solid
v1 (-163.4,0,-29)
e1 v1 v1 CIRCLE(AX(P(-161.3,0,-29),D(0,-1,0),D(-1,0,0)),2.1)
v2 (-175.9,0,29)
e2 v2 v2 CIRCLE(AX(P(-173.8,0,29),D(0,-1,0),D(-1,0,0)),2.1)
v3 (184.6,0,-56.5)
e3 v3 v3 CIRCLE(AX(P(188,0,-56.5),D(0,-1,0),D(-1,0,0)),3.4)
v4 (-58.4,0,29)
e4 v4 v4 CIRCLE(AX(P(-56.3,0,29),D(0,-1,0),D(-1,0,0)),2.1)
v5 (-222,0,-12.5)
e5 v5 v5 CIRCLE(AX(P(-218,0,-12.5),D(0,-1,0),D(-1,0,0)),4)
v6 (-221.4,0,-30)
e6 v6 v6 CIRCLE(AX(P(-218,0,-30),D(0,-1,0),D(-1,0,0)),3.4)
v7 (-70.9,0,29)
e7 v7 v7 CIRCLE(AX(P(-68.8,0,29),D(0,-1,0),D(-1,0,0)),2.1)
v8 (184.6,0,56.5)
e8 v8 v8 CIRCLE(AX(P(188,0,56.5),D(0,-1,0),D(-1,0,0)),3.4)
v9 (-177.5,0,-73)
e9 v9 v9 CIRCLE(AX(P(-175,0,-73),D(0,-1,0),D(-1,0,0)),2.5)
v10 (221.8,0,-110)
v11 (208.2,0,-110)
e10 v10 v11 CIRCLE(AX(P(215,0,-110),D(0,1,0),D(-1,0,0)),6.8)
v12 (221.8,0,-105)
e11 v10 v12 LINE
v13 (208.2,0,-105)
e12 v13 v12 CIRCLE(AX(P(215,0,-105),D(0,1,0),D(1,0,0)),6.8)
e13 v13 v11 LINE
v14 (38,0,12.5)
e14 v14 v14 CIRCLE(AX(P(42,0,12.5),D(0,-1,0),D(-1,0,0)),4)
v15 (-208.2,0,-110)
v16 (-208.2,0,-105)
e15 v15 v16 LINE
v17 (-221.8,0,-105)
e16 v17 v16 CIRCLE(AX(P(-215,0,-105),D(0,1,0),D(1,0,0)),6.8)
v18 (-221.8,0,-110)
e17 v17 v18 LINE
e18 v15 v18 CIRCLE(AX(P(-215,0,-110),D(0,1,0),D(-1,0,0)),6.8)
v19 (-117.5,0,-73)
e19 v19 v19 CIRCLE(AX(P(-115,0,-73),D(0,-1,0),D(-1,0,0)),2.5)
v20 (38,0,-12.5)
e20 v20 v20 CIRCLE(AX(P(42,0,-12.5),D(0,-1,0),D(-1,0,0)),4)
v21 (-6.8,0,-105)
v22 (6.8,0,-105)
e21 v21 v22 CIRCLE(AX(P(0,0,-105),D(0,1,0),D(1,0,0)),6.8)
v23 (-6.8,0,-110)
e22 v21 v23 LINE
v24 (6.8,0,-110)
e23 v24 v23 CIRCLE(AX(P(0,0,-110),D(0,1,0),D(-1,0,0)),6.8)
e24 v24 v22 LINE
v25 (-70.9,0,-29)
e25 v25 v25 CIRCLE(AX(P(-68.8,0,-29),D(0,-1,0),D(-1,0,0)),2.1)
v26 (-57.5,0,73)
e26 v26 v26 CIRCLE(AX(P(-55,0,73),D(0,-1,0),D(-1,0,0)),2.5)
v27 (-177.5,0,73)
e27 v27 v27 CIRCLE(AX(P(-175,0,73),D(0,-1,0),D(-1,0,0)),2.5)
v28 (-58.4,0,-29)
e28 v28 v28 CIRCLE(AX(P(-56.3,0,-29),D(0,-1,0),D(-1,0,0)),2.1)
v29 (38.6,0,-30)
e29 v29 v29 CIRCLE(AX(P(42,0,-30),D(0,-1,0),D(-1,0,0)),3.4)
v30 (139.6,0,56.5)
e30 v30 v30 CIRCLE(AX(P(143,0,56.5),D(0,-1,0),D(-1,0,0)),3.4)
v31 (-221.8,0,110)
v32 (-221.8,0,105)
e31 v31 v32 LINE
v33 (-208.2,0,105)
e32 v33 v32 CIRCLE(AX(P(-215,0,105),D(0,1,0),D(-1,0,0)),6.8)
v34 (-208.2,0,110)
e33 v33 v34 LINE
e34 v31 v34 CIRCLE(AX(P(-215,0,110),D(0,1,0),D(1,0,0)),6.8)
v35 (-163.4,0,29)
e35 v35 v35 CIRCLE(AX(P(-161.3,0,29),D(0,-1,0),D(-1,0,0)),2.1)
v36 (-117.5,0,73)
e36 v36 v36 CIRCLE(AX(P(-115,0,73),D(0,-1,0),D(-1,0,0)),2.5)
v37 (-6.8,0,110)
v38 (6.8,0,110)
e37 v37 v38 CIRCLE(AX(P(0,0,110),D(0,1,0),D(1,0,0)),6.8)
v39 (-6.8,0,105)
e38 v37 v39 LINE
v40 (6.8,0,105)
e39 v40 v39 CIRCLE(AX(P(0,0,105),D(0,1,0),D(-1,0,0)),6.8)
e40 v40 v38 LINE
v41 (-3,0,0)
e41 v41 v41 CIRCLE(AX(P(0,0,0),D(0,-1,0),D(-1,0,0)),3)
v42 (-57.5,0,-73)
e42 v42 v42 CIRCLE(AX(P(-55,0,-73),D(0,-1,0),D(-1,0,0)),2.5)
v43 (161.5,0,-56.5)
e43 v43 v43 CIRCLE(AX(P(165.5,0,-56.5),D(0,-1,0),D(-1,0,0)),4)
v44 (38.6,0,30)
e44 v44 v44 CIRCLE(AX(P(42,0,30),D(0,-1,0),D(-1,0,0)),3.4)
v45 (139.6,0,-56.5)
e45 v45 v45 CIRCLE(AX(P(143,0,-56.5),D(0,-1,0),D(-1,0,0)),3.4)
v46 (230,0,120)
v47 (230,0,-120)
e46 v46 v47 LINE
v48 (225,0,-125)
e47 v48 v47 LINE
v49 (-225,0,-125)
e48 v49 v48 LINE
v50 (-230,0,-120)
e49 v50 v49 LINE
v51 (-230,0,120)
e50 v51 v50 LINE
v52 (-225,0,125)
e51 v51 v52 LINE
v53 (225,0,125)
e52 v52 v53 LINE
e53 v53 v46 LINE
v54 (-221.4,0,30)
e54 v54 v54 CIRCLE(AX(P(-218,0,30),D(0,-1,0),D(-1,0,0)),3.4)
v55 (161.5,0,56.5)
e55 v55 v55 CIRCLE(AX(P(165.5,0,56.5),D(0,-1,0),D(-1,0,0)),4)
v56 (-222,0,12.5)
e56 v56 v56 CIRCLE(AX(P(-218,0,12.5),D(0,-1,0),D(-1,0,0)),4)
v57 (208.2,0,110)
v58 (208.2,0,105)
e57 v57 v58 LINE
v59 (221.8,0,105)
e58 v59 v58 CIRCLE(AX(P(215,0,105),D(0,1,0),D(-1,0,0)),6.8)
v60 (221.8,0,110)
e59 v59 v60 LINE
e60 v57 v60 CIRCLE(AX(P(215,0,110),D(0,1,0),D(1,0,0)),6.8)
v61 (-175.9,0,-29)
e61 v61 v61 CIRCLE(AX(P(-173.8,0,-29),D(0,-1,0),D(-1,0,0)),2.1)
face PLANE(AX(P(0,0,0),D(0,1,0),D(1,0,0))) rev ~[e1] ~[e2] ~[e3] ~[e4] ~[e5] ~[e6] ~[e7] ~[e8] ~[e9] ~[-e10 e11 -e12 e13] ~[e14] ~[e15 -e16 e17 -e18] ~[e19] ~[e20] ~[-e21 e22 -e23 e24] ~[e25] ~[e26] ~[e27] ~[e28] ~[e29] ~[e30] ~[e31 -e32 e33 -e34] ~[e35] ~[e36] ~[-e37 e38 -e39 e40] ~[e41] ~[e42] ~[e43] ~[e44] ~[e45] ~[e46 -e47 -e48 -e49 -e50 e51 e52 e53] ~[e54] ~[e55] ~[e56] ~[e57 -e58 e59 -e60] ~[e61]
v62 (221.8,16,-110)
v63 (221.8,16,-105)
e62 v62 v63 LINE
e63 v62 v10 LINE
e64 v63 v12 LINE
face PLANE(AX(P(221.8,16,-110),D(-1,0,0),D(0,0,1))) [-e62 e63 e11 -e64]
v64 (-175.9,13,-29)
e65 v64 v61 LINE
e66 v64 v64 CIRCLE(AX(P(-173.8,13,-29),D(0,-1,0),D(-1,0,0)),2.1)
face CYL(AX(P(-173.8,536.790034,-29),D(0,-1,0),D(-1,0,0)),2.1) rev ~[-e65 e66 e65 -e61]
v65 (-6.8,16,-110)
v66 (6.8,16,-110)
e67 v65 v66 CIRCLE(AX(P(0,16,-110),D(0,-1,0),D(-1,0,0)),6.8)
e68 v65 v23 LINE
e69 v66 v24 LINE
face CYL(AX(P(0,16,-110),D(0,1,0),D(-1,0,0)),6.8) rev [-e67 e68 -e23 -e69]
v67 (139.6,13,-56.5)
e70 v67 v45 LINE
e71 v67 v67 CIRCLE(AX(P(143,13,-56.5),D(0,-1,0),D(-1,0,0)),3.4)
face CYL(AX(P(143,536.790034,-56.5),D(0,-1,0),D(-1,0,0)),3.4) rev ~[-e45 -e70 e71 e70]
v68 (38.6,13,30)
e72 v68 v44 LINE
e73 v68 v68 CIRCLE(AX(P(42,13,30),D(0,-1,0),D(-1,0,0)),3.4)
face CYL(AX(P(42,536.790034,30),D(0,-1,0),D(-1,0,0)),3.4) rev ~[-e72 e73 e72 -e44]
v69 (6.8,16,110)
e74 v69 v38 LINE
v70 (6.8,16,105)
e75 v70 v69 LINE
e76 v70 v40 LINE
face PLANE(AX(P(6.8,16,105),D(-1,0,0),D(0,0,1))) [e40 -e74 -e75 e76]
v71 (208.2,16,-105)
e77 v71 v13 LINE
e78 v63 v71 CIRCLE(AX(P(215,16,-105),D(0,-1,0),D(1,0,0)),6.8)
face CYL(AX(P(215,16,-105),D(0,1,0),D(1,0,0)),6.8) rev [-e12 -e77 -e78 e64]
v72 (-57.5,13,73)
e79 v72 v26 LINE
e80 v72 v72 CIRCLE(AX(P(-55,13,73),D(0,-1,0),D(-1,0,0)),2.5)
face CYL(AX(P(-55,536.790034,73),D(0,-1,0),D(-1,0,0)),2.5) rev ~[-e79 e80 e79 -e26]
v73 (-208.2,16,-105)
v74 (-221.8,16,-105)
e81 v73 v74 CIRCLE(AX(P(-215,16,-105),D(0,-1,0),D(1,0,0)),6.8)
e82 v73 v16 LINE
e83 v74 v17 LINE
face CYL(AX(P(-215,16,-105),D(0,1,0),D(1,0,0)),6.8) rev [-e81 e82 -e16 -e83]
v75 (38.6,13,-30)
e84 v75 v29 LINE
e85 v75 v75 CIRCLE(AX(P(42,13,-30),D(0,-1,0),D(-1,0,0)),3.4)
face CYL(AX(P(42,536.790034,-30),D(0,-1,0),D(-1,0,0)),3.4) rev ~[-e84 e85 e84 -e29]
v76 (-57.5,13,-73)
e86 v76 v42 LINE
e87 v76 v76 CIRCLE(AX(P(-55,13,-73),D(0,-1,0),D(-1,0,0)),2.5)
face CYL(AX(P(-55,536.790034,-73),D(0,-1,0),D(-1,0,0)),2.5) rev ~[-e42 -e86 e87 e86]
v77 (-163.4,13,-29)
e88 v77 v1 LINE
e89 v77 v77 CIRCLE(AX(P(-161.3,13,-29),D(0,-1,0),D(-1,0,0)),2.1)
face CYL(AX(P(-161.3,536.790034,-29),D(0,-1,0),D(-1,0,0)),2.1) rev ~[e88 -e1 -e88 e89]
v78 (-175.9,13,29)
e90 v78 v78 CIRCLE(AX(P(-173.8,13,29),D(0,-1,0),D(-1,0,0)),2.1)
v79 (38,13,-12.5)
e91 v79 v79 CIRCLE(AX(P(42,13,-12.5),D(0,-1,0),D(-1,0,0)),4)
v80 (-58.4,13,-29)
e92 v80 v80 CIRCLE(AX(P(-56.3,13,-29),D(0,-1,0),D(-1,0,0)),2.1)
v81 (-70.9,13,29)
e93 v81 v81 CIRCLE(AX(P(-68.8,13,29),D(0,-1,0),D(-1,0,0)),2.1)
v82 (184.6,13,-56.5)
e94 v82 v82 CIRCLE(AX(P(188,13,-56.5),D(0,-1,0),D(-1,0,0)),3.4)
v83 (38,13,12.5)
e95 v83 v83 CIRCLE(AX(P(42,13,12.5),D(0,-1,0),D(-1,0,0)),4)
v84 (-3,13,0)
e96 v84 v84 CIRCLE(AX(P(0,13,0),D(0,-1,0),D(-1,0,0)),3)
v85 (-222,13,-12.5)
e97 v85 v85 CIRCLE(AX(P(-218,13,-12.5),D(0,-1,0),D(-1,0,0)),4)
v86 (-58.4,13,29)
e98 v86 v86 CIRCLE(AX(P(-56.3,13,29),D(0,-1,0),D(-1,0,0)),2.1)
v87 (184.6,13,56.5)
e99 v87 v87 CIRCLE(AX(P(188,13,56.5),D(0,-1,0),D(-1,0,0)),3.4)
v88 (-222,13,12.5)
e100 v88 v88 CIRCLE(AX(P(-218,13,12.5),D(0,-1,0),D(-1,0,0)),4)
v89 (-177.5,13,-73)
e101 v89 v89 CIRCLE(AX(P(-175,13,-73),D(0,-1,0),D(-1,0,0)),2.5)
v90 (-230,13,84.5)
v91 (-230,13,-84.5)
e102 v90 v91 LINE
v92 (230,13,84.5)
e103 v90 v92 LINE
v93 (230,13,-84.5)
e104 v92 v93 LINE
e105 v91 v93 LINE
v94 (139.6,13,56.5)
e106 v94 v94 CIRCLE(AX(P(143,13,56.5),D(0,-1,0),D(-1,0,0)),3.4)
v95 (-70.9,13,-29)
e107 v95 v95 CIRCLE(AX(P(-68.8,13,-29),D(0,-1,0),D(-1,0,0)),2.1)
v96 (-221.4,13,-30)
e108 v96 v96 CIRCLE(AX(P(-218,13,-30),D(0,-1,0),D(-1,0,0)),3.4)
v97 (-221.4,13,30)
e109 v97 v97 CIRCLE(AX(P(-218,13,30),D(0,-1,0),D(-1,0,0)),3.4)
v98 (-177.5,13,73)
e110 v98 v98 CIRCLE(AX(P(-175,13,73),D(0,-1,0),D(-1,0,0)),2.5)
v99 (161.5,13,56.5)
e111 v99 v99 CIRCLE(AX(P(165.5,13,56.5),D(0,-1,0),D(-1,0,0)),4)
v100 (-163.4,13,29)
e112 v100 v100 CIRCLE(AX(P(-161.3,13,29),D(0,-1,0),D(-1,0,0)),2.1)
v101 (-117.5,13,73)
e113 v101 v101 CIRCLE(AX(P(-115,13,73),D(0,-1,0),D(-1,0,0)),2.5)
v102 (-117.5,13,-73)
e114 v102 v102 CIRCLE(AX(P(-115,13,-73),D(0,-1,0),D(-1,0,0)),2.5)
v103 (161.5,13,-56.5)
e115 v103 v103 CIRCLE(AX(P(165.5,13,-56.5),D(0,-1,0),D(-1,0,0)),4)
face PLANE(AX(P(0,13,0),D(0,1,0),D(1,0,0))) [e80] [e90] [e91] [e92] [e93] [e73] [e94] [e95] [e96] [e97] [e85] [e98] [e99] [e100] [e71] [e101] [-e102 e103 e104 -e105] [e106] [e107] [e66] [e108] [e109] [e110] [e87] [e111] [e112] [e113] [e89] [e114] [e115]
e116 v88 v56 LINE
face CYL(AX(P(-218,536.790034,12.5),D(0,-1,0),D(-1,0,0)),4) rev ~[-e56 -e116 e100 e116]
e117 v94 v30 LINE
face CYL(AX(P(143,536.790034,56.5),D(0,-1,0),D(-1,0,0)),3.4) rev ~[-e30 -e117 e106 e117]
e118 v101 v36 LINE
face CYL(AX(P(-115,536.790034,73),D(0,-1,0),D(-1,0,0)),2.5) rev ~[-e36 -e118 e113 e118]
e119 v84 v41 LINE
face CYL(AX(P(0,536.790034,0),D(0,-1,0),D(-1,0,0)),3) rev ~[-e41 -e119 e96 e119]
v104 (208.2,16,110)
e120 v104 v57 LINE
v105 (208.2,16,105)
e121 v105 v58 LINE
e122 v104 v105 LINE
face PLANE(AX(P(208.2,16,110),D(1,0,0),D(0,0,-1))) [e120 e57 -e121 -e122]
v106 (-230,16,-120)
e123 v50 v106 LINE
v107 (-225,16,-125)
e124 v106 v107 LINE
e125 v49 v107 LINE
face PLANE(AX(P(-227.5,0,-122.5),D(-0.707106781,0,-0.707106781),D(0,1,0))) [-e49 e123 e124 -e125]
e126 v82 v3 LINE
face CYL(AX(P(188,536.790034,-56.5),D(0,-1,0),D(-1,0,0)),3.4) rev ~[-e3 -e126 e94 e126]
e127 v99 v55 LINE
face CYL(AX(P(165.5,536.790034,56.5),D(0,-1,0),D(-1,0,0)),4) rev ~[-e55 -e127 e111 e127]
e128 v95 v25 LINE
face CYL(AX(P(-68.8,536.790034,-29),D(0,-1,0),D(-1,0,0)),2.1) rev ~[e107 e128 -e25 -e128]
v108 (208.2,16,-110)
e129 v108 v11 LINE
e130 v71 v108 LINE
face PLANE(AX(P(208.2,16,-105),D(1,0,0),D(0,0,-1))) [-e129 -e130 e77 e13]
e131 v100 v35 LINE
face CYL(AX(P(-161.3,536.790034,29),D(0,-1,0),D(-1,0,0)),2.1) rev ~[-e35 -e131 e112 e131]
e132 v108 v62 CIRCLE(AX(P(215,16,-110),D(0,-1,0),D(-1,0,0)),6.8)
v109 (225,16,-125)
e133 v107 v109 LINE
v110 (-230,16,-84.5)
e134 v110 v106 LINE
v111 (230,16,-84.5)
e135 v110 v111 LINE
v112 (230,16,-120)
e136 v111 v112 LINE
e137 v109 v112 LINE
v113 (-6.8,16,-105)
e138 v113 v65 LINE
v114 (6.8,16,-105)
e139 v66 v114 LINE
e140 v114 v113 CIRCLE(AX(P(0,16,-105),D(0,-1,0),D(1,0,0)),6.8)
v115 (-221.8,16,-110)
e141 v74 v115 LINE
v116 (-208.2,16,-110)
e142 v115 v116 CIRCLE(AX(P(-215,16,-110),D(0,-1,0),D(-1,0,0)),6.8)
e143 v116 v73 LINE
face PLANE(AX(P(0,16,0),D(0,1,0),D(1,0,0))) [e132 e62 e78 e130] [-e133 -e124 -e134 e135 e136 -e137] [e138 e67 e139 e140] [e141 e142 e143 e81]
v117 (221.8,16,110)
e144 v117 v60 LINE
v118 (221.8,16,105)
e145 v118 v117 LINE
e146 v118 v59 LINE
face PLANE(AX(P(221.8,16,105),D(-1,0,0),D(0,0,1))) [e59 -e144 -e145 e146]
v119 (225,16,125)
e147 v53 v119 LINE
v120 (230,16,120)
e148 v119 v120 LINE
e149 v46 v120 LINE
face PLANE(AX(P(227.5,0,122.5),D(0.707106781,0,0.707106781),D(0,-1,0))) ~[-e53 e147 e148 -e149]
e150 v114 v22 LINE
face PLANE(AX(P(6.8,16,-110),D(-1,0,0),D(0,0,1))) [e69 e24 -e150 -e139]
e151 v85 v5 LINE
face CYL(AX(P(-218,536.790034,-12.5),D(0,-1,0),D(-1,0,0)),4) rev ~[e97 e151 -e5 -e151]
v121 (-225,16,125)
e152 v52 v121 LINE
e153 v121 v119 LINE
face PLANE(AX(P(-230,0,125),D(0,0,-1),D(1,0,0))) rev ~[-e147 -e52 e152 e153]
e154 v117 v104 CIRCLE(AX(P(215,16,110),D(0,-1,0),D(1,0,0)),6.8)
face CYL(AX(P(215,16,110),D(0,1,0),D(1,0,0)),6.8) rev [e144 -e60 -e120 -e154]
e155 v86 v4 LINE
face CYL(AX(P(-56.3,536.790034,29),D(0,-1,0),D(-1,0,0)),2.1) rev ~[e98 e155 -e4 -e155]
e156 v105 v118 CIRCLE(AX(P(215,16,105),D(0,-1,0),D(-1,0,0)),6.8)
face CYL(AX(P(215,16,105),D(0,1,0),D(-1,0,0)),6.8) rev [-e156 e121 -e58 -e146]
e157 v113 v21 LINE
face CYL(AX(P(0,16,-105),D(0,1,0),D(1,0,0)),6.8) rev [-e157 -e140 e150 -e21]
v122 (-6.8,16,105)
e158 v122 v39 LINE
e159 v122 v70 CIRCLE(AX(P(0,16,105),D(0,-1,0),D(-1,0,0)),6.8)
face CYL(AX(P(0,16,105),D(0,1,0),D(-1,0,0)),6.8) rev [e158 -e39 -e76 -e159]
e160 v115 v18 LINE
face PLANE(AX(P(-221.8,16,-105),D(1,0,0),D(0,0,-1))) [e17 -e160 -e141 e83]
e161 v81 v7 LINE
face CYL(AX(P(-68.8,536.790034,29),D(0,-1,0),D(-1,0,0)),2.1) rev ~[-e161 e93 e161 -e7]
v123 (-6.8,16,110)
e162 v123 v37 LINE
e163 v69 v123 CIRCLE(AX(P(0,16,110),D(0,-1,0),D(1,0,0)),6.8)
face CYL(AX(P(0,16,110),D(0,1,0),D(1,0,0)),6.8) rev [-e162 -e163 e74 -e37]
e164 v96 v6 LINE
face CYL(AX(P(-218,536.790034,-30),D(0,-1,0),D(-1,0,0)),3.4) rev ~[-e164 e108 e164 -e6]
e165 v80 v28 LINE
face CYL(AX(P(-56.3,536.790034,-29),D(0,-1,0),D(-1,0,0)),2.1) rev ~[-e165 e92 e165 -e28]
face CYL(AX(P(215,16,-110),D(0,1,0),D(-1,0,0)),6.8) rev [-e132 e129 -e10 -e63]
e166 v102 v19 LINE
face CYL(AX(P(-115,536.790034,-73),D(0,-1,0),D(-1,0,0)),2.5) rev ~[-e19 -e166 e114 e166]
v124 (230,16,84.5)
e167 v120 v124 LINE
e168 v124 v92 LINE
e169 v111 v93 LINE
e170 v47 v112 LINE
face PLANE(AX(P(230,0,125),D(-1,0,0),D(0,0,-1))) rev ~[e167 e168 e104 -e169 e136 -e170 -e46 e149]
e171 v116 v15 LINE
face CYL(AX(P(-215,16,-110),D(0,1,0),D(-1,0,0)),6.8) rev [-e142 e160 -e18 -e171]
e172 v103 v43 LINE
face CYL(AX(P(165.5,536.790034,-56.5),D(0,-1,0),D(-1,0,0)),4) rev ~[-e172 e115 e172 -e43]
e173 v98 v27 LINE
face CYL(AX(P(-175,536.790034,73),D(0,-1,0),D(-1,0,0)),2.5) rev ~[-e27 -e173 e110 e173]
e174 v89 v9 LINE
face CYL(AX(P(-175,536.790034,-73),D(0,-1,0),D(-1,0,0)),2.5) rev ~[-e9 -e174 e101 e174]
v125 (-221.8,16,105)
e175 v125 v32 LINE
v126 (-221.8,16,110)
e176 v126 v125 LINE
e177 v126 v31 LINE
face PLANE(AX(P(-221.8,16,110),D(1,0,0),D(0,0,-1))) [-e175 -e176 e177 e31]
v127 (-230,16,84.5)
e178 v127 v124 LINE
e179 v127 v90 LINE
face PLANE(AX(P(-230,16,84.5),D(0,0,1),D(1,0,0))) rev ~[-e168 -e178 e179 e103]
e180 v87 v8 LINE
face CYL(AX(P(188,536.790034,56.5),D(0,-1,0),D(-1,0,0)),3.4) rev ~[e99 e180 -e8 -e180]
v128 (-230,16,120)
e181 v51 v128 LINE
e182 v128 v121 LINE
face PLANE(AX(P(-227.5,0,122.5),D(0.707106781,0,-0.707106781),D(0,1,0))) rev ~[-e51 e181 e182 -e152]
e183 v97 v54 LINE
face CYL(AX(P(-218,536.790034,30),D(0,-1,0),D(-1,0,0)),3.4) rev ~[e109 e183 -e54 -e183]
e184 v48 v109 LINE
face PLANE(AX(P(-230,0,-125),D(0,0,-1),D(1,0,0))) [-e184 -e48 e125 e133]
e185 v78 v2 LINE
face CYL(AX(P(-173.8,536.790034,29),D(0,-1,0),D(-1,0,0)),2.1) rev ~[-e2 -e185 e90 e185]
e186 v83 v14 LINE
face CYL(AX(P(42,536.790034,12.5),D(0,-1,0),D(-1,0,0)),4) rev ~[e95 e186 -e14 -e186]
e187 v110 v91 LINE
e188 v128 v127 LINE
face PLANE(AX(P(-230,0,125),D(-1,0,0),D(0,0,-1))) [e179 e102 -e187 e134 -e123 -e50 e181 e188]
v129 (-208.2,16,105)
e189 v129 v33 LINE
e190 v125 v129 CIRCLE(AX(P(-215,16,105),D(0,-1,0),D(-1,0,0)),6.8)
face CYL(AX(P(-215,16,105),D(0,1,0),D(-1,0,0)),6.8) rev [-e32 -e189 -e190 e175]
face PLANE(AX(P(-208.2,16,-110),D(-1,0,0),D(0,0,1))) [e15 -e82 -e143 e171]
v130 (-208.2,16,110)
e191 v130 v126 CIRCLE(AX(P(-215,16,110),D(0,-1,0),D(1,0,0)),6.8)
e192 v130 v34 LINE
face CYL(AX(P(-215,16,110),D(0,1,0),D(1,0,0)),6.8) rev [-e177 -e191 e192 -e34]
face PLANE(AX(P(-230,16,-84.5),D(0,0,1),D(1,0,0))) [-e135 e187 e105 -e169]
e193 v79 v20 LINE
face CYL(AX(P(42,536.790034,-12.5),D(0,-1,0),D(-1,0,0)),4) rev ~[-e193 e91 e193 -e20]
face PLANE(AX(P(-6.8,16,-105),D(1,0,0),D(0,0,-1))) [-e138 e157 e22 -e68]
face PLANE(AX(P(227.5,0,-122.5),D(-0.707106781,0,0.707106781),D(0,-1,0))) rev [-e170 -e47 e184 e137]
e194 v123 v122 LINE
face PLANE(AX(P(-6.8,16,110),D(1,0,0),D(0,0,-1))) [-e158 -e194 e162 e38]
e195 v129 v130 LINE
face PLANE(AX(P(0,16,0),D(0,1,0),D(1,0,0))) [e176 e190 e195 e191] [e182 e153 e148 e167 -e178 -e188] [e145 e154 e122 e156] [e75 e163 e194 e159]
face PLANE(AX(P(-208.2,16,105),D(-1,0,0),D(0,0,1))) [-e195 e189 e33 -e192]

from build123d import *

# Parameters (mm, degrees)
SKETCH1_W                = 460
SKETCH1_H                = 250
BOSS_EXTRUDE1_DEPTH      = 16
SKETCH2_W                = 460
SKETCH2_H                = 169
CUT_EXTRUDE1_DEPTH       = 3
F_6_0_6_DIAMETER_HOLE1_D = 6
F_8_0MM_DOWEL_HOLE1_D    = 8
M8_TAPPED_HOLE1_D        = 6.8
M6_TAPPED_HOLE1_D        = 5
M5_TAPPED_HOLE1_D        = 4.2
CUT_EXTRUDE2_DEPTH       = 263.261320061
CHAMFER1_SIZE            = 5


with BuildPart() as part:
    # Sketch1 → Boss-Extrude1 (new body)
    with BuildSketch(Plane(origin=(0, 0, 0), x_dir=(1, 0, 0), z_dir=(0, 1, 0))):
        Rectangle(SKETCH1_W, SKETCH1_H)
    extrude(amount=BOSS_EXTRUDE1_DEPTH)

    # Sketch2 → Cut-Extrude1 (cut)
    with BuildSketch(Plane(origin=(0, 16, 0), x_dir=(1, 0, 0), z_dir=(0, 1, 0))):
        Rectangle(SKETCH2_W, SKETCH2_H)
    extrude(amount=-CUT_EXTRUDE1_DEPTH, mode=Mode.SUBTRACT)

    # Ø6.0 (6) Diameter Hole1 (through all)
    with Locations(Plane(origin=(0, 13, 0), x_dir=(1, 0, 0), z_dir=(0, 1, 0))):
        with Locations((0, 0)):
            Hole(F_6_0_6_DIAMETER_HOLE1_D / 2)

    # Ø8.0mm Dowel Hole1 (through all)
    with Locations(Plane(origin=(0, 13, 0), x_dir=(1, 0, 0), z_dir=(0, 1, 0))):
        with Locations((42, 12.5), (42, -12.5), (165.5, 56.5), (165.5, -56.5), (-218, 12.5), (-218, -12.5)):
            Hole(F_8_0MM_DOWEL_HOLE1_D / 2)

    # M8 Tapped Hole1 (through all)
    with Locations(Plane(origin=(0, 13, 0), x_dir=(1, 0, 0), z_dir=(0, 1, 0))):
        with Locations((42, 30), (42, -30), (143, 56.5), (188, 56.5), (188, -56.5), (143, -56.5), (-218, 30), (-218, -30)):
            Hole(M8_TAPPED_HOLE1_D / 2)

    # M6 Tapped Hole1 (through all)
    with Locations(Plane(origin=(0, 13, 0), x_dir=(1, 0, 0), z_dir=(0, 1, 0))):
        with Locations((-175, 73), (-115, 73), (-55, 73), (-175, -73), (-115, -73), (-55, -73)):
            Hole(M6_TAPPED_HOLE1_D / 2)

    # M5 Tapped Hole1 (through all)
    with Locations(Plane(origin=(0, 13, 0), x_dir=(1, 0, 0), z_dir=(0, 1, 0))):
        with Locations((-56.3, 29), (-56.3, -29), (-68.8, 29), (-68.8, -29), (-173.8, 29), (-173.8, -29), (-161.3, 29), (-161.3, -29)):
            Hole(M5_TAPPED_HOLE1_D / 2)

    # Sketch13 → Cut-Extrude2 (cut, through all)
    with BuildSketch(Plane(origin=(0, 16, 0), x_dir=(1, 0, 0), z_dir=(0, 1, 0))):
        with BuildLine():
            Line((-221.8, 105), (-221.8, 110))
            ThreePointArc((-221.8, 110), (-215, 116.8), (-208.2, 110))
            Line((-208.2, 110), (-208.2, 105))
            ThreePointArc((-208.2, 105), (-215, 98.2), (-221.8, 105))
        make_face()
        with BuildLine():
            Line((-6.8, 105), (-6.8, 110))
            ThreePointArc((-6.8, 110), (0, 116.8), (6.8, 110))
            Line((6.8, 110), (6.8, 105))
            ThreePointArc((6.8, 105), (0, 98.2), (-6.8, 105))
        make_face()
        with BuildLine():
            Line((208.2, 105), (208.2, 110))
            ThreePointArc((208.2, 110), (215, 116.8), (221.8, 110))
            Line((221.8, 110), (221.8, 105))
            ThreePointArc((221.8, 105), (215, 98.2), (208.2, 105))
        make_face()
        with BuildLine():
            Line((221.8, -105), (221.8, -110))
            ThreePointArc((221.8, -110), (215, -116.8), (208.2, -110))
            Line((208.2, -110), (208.2, -105))
            ThreePointArc((208.2, -105), (215, -98.2), (221.8, -105))
        make_face()
        with BuildLine():
            Line((6.8, -105), (6.8, -110))
            ThreePointArc((6.8, -110), (0, -116.8), (-6.8, -110))
            Line((-6.8, -110), (-6.8, -105))
            ThreePointArc((-6.8, -105), (0, -98.2), (6.8, -105))
        make_face()
        with BuildLine():
            Line((-208.2, -105), (-208.2, -110))
            ThreePointArc((-208.2, -110), (-215, -116.8), (-221.8, -110))
            Line((-221.8, -110), (-221.8, -105))
            ThreePointArc((-221.8, -105), (-215, -98.2), (-208.2, -105))
        make_face()
    extrude(amount=-CUT_EXTRUDE2_DEPTH, mode=Mode.SUBTRACT)

    # Chamfer1
    chamfer1_edges = [part.edges().sort_by_distance(p)[0] for p in [
        (230, 8, 125),
        (-230, 8, 125),
        (-230, 8, -125),
        (230, 8, -125),
    ]]
    chamfer(chamfer1_edges, length=CHAMFER1_SIZE)


solid = part.part
